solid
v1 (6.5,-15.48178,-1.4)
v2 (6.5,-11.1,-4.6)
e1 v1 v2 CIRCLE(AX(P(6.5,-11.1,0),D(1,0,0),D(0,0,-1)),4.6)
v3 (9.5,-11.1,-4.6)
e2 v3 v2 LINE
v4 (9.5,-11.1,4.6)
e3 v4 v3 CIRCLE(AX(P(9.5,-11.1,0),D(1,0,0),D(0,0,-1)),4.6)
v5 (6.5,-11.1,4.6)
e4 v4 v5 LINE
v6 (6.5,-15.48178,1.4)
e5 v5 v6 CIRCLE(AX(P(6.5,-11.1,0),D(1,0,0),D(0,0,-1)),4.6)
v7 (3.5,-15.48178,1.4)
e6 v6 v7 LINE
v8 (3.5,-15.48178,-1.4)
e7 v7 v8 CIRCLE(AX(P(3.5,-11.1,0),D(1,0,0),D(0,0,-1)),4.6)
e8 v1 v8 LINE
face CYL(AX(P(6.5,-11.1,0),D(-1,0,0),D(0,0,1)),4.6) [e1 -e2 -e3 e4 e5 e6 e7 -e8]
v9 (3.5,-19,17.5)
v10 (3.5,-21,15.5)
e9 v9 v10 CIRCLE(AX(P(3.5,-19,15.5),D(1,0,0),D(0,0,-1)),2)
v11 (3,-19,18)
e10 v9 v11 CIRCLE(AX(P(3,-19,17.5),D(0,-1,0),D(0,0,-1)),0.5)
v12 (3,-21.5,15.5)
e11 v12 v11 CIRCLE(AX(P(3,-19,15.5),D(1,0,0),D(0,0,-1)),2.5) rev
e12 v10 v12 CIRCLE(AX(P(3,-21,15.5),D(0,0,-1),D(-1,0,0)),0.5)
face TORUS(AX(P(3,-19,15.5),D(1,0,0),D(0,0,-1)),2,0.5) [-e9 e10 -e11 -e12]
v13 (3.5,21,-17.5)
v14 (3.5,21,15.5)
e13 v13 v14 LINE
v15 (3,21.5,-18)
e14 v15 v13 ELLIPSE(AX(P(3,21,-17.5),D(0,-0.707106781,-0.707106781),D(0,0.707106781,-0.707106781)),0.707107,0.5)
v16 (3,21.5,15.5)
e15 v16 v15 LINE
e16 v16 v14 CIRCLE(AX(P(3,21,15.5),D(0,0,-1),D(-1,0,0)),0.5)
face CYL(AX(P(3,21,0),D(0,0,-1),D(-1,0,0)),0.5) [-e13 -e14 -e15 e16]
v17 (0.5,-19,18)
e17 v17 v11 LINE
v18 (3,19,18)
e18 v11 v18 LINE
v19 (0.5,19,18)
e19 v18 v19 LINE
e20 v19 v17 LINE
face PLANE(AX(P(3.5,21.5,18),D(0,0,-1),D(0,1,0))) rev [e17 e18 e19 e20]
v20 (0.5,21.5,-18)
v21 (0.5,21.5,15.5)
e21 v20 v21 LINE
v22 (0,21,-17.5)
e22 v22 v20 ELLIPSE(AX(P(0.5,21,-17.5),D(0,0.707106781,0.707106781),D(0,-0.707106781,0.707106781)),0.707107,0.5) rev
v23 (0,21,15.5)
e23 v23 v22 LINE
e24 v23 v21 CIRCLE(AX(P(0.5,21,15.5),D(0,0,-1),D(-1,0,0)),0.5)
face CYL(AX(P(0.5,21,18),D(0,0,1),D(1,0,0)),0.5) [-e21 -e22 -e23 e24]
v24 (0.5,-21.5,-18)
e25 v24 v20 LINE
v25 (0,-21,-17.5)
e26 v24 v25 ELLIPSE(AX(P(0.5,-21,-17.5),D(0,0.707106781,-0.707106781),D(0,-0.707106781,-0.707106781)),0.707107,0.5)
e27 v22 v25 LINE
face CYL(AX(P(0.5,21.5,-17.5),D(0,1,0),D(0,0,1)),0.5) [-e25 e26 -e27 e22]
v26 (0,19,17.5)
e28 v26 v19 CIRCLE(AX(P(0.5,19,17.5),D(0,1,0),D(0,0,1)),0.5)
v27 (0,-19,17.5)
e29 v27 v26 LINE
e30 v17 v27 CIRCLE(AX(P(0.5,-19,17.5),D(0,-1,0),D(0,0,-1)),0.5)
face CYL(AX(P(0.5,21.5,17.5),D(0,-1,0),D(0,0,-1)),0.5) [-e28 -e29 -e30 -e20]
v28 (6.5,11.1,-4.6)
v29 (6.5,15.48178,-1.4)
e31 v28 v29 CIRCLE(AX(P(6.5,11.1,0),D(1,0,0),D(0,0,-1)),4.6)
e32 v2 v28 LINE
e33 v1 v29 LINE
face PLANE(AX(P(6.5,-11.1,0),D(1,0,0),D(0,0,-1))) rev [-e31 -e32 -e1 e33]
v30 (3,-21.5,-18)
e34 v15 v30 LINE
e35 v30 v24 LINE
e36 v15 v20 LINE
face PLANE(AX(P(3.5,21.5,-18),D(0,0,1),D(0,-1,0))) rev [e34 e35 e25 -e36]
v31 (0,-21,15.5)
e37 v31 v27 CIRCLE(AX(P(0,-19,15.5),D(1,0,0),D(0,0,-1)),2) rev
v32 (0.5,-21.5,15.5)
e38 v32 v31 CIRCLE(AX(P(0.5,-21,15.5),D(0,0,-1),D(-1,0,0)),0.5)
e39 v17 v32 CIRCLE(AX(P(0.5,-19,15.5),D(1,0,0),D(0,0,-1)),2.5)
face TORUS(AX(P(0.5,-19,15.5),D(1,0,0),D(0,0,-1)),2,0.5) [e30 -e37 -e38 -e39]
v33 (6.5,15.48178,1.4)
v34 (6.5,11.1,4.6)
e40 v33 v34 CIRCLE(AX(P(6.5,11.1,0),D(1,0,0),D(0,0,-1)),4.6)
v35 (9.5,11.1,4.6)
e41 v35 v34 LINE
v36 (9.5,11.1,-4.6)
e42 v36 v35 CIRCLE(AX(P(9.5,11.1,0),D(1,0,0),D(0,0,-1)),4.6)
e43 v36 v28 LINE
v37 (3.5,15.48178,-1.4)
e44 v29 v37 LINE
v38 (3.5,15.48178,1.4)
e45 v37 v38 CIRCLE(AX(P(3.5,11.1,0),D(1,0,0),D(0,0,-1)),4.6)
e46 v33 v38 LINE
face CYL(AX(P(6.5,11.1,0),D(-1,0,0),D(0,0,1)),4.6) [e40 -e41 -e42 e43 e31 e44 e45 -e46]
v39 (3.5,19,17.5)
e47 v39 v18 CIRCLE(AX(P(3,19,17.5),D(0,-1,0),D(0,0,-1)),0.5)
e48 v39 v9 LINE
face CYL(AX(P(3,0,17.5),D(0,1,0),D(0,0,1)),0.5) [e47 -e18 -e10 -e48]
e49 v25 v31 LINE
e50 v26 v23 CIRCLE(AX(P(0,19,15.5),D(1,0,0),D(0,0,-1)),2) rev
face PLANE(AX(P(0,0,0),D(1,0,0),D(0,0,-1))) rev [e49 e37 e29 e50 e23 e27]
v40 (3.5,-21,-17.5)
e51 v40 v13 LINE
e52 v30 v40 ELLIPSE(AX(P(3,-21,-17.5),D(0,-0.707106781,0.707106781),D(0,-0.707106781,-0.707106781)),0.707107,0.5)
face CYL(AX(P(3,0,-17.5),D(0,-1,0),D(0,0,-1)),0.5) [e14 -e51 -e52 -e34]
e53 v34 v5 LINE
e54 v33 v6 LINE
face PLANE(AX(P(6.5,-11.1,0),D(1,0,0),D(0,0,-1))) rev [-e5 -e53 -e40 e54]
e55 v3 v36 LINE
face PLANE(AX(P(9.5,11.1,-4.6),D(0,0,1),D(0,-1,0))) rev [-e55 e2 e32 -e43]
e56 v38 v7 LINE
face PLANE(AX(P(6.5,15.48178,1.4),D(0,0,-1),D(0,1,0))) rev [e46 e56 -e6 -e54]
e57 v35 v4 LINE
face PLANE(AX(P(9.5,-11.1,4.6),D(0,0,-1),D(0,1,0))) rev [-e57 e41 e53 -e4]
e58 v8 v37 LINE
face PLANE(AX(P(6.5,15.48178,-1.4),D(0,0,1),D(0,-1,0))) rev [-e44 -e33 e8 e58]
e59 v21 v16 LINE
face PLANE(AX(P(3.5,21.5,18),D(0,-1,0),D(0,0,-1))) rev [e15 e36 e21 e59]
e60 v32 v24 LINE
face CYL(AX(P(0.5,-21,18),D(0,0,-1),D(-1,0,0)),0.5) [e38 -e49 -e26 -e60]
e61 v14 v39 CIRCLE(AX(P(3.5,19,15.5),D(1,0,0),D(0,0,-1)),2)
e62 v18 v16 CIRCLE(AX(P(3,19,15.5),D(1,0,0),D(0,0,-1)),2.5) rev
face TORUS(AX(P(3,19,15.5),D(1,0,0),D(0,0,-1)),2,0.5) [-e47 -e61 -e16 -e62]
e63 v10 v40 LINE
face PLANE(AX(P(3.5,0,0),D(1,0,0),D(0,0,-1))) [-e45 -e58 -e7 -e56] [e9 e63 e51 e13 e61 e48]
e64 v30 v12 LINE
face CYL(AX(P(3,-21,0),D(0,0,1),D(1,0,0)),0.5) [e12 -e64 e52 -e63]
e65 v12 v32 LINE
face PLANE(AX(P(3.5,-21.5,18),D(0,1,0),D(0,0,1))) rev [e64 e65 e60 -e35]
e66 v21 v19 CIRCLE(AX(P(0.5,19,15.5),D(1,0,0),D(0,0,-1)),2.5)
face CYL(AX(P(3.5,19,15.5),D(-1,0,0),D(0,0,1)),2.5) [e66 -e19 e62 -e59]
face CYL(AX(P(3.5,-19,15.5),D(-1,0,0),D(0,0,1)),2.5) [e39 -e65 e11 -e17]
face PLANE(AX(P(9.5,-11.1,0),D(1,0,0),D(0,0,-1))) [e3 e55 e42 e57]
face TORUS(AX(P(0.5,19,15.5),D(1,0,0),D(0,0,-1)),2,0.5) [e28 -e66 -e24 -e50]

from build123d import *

# Parameters (mm, degrees)
SKICA1_W                = 36
SKICA1_H                = 43
P_IDAT_VYSUNUT_M1_DEPTH = 3.5
P_IDAT_VYSUNUT_M2_DEPTH = 3
P_IDAT_VYSUNUT_M3_DEPTH = 3
ZAOBLIT1_R              = 2.5
ZAOBLIT2_R              = 0.5


with BuildPart() as part:
    # Skica1 → Přidat vysunutím1 (new body)
    with BuildSketch(Plane(origin=(0, 0, 0), x_dir=(0, 0, -1), z_dir=(1, 0, 0))):
        Rectangle(SKICA1_W, SKICA1_H)
    extrude(amount=P_IDAT_VYSUNUT_M1_DEPTH)

    # Skica2 → Přidat vysunutím2 (add)
    with BuildSketch(Plane(origin=(3.5, 0, 0), x_dir=(0, 0, -1), z_dir=(1, 0, 0))):
        with BuildLine():
            Line((-1.4, 15.48178046), (-1.4, -15.48178046))
            ThreePointArc((-1.4, -15.48178046), (0, -15.7), (1.4, -15.48178046))
            Line((1.4, -15.48178046), (1.4, 15.48178046))
            ThreePointArc((1.4, 15.48178046), (0, 15.7), (-1.4, 15.48178046))
        make_face()
    extrude(amount=P_IDAT_VYSUNUT_M2_DEPTH)

    # Skica3 → Přidat vysunutím3 (add)
    with BuildSketch(Plane(origin=(6.5, 0, 0), x_dir=(0, 0, -1), z_dir=(1, 0, 0))):
        with BuildLine():
            Line((-4.6, -11.1), (-4.6, 11.1))
            ThreePointArc((-4.6, 11.1), (0, 15.7), (4.6, 11.1))
            Line((4.6, 11.1), (4.6, -11.1))
            ThreePointArc((4.6, -11.1), (0, -15.7), (-4.6, -11.1))
        make_face()
    extrude(amount=P_IDAT_VYSUNUT_M3_DEPTH)

    # Zaoblit1
    zaoblit1_edges = [part.edges().sort_by_distance(p)[0] for p in [
        (1.75, -21.5, 18),
        (1.75, 21.5, 18),
    ]]
    fillet(zaoblit1_edges, radius=ZAOBLIT1_R)

    # Zaoblit2
    zaoblit2_edges = [part.edges().sort_by_distance(p)[0] for p in [
        (3.5, 0, -18),
        (0, -21.5, -1.25),
        (3.5, -21.5, -1.25),
        (0, 0, 18),
        (0, 20.767766953, 17.267766953),
        (0, -20.767766953, 17.267766953),
        (3.5, 0, 18),
        (3.5, 20.767766953, 17.267766953),
        (3.5, -20.767766953, 17.267766953),
        (0, 21.5, -1.25),
        (0, 0, -18),
        (3.5, 21.5, -1.25),
    ]]
    fillet(zaoblit2_edges, radius=ZAOBLIT2_R)


solid = part.part
